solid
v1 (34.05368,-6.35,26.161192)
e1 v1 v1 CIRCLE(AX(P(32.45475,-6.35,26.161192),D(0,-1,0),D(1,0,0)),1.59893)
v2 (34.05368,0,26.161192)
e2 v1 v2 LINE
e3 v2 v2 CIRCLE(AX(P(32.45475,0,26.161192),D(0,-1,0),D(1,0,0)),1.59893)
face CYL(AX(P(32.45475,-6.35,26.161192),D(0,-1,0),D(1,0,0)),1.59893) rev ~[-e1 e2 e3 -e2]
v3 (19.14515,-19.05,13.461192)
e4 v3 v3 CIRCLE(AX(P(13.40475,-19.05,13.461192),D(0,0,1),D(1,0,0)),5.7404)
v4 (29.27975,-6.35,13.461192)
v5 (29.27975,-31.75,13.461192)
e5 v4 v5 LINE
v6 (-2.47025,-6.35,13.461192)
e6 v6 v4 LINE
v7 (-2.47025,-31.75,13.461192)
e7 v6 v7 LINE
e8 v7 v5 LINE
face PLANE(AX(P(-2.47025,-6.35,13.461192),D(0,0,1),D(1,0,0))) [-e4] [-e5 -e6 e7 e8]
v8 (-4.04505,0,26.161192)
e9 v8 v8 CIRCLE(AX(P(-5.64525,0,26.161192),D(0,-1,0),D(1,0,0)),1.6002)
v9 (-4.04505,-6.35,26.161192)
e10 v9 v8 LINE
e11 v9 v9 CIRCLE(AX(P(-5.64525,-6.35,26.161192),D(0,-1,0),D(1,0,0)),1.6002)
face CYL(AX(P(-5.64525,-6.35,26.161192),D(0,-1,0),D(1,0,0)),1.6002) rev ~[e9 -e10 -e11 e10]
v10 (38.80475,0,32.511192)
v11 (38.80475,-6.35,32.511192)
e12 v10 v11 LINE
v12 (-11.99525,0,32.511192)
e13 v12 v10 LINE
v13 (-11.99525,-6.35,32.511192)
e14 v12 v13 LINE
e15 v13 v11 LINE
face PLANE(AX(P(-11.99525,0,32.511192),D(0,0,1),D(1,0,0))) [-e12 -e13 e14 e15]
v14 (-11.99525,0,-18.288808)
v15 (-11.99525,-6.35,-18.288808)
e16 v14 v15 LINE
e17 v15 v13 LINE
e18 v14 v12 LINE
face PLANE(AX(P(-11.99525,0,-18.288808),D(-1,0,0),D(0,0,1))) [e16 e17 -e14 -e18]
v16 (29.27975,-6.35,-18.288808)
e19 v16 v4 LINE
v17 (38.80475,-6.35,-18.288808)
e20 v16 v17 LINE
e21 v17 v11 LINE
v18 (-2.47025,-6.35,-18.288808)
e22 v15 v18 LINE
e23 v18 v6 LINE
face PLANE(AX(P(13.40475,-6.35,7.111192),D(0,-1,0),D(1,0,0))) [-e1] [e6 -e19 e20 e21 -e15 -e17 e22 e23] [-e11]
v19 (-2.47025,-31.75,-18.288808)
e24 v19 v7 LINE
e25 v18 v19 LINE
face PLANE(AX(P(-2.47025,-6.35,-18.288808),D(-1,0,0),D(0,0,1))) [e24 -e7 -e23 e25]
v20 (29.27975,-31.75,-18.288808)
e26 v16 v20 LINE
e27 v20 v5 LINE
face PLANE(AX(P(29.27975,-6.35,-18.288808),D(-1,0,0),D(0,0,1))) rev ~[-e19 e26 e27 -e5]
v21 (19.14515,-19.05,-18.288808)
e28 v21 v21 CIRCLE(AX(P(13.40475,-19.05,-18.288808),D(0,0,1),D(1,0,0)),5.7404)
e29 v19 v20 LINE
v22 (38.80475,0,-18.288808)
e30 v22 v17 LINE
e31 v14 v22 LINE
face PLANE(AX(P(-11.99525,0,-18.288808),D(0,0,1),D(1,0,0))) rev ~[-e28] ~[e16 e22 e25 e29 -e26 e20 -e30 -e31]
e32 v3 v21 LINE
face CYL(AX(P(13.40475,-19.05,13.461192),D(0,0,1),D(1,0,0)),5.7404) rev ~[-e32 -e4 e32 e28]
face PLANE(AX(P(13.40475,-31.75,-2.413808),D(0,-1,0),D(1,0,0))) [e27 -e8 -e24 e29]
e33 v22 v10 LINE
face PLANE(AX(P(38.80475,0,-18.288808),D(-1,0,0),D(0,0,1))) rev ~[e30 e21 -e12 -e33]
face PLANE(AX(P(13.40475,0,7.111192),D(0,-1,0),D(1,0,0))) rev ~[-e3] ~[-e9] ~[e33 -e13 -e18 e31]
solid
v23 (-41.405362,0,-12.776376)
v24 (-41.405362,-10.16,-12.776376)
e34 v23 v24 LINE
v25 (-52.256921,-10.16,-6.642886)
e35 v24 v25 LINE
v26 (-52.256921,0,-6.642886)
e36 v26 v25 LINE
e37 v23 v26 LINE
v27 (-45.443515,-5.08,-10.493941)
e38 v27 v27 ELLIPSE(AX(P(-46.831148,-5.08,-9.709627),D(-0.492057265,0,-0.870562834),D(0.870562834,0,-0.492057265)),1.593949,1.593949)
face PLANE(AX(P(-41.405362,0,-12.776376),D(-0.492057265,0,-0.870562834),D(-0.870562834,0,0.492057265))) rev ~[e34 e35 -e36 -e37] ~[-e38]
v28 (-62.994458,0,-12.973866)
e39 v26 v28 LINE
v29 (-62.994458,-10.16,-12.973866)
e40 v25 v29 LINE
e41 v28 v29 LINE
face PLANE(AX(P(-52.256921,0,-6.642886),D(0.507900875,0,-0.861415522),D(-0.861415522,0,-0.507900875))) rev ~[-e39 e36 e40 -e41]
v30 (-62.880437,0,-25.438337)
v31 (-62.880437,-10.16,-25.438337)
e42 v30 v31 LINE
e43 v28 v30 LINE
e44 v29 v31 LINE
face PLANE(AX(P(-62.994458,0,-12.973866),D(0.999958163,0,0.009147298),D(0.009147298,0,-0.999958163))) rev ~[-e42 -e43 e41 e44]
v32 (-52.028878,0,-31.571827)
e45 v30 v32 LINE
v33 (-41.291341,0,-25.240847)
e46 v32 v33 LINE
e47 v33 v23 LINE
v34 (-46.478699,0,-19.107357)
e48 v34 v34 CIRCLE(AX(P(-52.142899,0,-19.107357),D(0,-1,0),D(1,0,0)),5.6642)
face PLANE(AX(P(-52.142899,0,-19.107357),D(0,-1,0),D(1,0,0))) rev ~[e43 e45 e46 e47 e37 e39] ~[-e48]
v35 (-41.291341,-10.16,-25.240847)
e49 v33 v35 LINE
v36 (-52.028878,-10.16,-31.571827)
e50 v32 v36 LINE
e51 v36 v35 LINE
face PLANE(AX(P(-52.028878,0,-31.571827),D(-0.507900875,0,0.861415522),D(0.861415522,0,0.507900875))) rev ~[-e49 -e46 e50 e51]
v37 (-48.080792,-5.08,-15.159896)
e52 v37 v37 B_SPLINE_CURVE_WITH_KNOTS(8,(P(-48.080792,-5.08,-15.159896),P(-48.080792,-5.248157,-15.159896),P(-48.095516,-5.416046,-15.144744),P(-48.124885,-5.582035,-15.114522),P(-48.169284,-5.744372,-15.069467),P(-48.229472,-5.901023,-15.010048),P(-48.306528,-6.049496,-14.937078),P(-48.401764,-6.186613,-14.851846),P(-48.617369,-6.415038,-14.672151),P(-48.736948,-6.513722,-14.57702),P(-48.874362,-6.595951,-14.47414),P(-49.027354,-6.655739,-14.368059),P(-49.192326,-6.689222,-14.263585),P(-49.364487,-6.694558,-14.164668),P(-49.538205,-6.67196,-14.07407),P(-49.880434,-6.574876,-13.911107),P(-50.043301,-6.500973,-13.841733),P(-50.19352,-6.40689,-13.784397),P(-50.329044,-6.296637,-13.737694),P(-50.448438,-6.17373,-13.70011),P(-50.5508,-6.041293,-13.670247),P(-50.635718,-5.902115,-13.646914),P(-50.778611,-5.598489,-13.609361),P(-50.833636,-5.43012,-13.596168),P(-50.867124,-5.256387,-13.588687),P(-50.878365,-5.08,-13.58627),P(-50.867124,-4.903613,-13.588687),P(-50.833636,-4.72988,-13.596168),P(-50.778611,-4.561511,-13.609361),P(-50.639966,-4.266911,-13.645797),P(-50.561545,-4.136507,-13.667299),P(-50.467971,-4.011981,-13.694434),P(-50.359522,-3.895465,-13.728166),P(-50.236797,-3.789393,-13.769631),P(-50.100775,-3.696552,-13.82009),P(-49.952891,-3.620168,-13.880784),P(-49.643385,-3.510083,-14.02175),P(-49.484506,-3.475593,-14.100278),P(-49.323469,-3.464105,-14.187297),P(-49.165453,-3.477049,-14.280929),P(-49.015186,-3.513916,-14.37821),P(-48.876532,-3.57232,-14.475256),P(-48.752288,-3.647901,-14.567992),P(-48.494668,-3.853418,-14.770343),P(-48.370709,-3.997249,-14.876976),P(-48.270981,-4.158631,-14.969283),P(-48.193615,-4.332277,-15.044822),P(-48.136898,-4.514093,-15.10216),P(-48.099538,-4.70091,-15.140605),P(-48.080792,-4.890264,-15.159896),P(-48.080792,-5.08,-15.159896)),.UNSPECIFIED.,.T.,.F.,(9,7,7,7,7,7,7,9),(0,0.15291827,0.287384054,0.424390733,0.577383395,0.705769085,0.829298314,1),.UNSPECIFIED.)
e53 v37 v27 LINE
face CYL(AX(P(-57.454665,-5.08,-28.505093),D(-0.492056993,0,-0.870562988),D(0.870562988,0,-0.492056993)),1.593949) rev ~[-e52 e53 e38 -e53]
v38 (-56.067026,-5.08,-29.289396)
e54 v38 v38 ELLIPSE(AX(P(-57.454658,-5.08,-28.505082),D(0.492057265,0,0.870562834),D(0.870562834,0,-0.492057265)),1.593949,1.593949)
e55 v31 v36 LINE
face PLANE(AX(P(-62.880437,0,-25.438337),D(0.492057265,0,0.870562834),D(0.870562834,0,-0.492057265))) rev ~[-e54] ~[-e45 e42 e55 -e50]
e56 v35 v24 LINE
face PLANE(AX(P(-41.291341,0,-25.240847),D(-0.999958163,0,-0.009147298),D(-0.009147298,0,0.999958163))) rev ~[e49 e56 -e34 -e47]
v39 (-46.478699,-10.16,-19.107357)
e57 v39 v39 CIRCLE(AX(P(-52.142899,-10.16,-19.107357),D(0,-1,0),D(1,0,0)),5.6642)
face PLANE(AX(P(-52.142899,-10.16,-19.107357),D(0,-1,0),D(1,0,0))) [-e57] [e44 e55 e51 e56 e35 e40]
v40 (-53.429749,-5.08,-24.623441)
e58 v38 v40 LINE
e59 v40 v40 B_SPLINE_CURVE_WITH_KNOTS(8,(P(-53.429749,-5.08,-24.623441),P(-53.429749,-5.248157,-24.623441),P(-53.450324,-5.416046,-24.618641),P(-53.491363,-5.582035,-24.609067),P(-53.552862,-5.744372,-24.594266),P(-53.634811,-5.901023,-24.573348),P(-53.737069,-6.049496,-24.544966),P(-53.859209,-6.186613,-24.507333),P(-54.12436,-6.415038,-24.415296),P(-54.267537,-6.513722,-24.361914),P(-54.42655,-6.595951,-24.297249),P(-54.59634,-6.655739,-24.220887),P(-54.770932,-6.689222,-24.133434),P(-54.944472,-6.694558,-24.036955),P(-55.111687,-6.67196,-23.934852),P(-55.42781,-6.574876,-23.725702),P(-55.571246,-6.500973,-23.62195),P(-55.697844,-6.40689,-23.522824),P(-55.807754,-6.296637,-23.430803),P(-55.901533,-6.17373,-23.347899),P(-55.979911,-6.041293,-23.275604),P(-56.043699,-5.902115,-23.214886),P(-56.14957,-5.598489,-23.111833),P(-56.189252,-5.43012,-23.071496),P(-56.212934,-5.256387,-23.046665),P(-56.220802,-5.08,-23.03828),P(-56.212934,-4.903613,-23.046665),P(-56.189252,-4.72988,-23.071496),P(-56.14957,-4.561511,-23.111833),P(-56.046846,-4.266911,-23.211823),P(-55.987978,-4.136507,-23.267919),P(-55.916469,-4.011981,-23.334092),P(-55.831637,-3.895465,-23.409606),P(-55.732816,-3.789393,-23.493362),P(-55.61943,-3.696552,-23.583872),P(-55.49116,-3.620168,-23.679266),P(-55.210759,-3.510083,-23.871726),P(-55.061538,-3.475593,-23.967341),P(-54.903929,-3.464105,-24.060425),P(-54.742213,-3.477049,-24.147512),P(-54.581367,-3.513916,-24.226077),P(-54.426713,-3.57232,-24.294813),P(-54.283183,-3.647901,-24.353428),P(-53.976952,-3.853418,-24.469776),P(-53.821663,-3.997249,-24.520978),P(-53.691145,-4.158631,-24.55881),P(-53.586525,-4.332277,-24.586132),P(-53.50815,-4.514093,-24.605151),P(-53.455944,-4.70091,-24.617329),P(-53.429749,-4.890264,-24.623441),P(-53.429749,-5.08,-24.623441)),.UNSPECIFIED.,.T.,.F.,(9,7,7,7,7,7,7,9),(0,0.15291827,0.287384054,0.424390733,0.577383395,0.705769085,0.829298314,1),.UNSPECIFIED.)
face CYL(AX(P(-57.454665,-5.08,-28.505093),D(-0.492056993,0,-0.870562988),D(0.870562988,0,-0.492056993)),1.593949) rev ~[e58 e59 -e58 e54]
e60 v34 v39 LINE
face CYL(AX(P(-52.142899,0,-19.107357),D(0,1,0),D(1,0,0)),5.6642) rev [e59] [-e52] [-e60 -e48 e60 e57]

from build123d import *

# Parameters (mm, degrees)
F0_W      = 50.8
F0_H      = 50.8
F1_DEPTH  = 6.35
F2_W      = 31.75
F2_H      = 31.75
F3_DEPTH  = 25.4
F4_R      = 5.7404
F5_DEPTH  = 33.02
F6_R      = 1.6002
F6_R_2    = 1.59893
F7_DEPTH  = 6.604
F8_R      = 5.6642
F9_DEPTH  = 10.16
F10_R     = 1.593949
F11_DEPTH = 22.86


with BuildPart() as f1:
    # F0 (on Front) → F1 (new body)
    with BuildSketch(Plane.XZ):
        with Locations((13.40475, 7.111192)):
            Rectangle(F0_W, F0_H)
    extrude(amount=F1_DEPTH)

    # F2 (on face) → F3 (join)
    with BuildSketch(Plane.XZ.offset(6.35)):
        with Locations((13.40475, -2.413808)):
            Rectangle(F2_W, F2_H)
    extrude(amount=F3_DEPTH)

    # F4 (on face) → F5 (cut)
    with BuildSketch(Plane.XY.offset(13.461192)):
        with Locations((13.40475, -19.05)):
            Circle(F4_R)
    extrude(amount=-F5_DEPTH, mode=Mode.SUBTRACT)

    # F6 (on face) → F7 (cut)
    with BuildSketch(Plane.XZ.offset(6.35)):
        with Locations((-5.64525, 26.161192)):
            Circle(F6_R)
        with Locations((32.45475, 26.161192)):
            Circle(F6_R_2)
    extrude(amount=-F7_DEPTH, mode=Mode.SUBTRACT)


with BuildPart() as f9:
    # F8 (on Front) → F9 (new body)
    with BuildSketch(Plane.XZ):
        Polygon((-41.405362, -12.776376), (-52.256921, -6.642886), (-62.994458, -12.973866), (-62.880437, -25.438337), (-52.028878, -31.571827), (-41.291341, -25.240847), align=None)
        with Locations((-52.142899, -19.107357)):
            Circle(F8_R, mode=Mode.SUBTRACT)
    extrude(amount=F9_DEPTH)

    # F10 (on face) → F11 (cut)
    with BuildSketch(Plane(origin=(-26.121574, 0, -46.215088), x_dir=(0.870563, 0, -0.492057), z_dir=(-0.492057, 0, -0.870563))):
        with Locations((-35.991756, 5.08)):
            Circle(F10_R)
    extrude(amount=-F11_DEPTH, mode=Mode.SUBTRACT)


solid = Compound([f1.part, f9.part])
